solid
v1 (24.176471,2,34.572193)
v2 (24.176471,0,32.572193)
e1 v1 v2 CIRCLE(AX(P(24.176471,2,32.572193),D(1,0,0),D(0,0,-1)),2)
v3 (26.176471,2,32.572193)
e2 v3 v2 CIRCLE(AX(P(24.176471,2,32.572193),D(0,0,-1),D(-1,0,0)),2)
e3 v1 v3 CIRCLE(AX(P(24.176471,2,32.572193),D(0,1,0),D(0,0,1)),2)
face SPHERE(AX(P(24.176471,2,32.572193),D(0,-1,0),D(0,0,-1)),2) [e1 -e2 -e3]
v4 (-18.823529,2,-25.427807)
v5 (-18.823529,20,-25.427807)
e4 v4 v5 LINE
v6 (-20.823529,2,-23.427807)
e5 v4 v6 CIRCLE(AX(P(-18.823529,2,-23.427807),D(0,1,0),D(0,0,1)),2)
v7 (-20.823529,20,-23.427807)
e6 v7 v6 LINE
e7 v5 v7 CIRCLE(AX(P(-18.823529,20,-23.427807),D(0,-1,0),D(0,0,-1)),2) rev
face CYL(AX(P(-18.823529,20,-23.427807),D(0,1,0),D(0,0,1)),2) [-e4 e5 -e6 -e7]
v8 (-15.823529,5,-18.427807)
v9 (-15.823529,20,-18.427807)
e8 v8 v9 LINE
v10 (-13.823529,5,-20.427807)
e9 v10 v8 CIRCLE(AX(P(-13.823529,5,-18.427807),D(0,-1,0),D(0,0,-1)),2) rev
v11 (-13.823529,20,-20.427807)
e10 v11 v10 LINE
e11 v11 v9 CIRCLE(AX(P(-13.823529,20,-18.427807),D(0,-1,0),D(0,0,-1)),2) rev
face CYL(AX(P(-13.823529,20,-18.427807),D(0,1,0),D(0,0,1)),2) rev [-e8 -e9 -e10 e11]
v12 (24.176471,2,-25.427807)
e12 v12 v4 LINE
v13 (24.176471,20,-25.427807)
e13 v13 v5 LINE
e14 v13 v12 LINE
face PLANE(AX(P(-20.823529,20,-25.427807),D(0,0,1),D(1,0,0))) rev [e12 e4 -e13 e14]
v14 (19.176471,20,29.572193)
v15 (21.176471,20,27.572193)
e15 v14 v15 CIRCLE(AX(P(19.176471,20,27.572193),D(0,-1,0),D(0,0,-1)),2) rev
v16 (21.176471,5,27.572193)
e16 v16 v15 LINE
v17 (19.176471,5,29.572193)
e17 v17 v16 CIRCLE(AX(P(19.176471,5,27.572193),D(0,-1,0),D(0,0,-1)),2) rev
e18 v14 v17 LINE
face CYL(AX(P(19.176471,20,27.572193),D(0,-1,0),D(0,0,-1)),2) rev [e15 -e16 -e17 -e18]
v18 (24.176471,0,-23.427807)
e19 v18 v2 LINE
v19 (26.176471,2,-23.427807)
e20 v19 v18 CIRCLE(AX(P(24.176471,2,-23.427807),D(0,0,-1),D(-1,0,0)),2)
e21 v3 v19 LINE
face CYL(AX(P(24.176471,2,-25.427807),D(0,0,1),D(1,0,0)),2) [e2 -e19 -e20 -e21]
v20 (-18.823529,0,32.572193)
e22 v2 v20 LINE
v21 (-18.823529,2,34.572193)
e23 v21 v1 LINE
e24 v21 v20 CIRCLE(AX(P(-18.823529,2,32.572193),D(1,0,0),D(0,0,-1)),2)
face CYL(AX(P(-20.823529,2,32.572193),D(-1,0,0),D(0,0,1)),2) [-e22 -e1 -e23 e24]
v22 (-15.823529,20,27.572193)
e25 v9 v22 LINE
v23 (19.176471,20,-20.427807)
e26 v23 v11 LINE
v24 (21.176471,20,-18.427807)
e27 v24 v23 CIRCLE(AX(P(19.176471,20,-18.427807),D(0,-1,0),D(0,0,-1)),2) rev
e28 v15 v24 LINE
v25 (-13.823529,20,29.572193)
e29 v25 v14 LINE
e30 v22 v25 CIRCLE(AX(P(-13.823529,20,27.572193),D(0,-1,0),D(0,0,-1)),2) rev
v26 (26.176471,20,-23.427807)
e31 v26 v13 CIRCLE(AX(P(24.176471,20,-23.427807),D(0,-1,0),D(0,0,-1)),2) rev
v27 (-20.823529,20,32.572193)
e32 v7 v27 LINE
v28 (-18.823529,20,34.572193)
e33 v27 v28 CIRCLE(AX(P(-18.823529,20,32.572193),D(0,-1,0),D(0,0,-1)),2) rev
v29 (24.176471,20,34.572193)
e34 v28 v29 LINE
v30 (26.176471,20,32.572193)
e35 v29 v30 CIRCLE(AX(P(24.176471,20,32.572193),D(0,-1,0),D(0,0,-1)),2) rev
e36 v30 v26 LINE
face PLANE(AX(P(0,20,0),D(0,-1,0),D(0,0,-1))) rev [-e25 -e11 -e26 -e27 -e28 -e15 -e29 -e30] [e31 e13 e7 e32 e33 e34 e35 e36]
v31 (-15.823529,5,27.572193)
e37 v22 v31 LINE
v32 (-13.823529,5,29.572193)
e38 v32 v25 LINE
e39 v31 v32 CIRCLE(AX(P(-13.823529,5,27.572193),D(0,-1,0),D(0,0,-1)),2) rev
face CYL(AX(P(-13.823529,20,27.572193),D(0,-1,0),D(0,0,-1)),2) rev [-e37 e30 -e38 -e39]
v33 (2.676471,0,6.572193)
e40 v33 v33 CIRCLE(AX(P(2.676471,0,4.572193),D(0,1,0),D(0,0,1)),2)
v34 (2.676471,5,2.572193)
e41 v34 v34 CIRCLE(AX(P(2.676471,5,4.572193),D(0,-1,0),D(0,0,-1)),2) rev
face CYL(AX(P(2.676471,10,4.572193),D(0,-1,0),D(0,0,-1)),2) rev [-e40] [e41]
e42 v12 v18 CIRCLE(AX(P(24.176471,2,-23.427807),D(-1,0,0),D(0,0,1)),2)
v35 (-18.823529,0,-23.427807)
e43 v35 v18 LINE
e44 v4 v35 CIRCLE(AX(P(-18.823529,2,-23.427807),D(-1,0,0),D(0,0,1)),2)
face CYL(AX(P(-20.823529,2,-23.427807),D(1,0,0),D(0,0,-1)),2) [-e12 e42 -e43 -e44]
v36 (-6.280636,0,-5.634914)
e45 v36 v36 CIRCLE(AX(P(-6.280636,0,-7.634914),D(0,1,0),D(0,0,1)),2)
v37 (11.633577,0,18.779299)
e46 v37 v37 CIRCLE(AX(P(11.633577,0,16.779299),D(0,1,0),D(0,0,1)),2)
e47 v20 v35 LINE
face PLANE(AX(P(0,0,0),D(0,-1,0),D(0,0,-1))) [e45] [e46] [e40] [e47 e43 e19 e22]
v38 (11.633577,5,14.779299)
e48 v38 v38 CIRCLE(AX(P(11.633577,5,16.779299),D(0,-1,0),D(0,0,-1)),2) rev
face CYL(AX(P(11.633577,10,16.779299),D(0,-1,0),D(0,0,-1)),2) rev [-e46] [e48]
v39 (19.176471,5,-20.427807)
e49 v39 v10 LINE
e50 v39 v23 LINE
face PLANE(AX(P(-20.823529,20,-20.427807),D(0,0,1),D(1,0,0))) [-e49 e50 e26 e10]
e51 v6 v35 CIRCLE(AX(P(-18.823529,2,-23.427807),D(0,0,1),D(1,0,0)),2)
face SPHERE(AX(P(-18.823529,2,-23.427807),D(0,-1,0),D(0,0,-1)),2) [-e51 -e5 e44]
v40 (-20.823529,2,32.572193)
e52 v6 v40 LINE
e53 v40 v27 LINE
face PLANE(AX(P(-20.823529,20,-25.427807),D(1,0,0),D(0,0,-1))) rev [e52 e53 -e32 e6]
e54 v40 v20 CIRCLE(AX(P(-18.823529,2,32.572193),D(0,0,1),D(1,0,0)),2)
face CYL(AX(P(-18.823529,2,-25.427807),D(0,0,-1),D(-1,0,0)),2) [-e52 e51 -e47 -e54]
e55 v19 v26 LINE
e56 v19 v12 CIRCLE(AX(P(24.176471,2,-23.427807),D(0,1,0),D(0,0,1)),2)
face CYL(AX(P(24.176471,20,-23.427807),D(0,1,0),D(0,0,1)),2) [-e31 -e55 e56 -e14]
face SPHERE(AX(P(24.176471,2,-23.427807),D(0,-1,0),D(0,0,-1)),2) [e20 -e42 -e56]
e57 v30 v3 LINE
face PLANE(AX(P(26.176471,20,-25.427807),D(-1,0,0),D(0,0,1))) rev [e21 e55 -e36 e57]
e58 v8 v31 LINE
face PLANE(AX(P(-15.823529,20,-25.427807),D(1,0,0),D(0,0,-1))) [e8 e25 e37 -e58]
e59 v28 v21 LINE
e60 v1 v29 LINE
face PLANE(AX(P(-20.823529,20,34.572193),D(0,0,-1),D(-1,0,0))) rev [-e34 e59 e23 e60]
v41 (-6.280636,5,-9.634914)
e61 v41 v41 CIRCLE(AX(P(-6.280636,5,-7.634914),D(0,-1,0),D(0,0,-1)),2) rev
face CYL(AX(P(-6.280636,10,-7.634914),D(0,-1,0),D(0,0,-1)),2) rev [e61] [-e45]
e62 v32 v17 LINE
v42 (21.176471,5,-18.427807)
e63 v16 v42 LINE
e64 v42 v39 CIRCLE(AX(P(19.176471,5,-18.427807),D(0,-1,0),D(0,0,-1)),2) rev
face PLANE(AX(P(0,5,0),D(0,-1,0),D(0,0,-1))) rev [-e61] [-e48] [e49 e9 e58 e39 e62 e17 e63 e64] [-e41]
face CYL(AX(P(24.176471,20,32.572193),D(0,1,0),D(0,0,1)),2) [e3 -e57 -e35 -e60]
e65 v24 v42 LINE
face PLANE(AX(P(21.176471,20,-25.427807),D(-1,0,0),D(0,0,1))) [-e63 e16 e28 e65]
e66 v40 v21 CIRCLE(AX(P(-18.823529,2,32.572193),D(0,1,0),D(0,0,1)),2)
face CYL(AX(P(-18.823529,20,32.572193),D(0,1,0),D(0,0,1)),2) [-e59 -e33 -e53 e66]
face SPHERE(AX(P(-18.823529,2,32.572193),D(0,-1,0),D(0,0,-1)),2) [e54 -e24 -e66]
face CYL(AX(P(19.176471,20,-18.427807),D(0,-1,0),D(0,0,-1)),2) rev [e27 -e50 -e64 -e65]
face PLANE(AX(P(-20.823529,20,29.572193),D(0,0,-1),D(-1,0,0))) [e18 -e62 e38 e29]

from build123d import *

# Parameters (mm, degrees)
SKETCH1_W           = 47
SKETCH1_H           = 60
BOSS_EXTRUDE1_DEPTH = 20
SHELL1_T            = -5
FILLET2_R           = 2
FILLET3_R           = 2
FILLET4_R           = 2
FILLET5_R           = 2
FILLET6_R           = 2
FILLET7_R           = 2
FILLET8_R           = 2
FILLET9_R           = 2
FILLET10_R          = 2
SKETCH2_R           = 2
CUT_EXTRUDE1_DEPTH  = 10


with BuildPart() as part:
    # Sketch1 → Boss-Extrude1 (new body)
    with BuildSketch(Plane(origin=(0, 0, 0), x_dir=(1, 0, 0), z_dir=(0, 1, 0))):
        with Locations((2.676470588, -4.572192513)):
            Rectangle(SKETCH1_W, SKETCH1_H)
    extrude(amount=BOSS_EXTRUDE1_DEPTH)

    # Shell1
    shell1_openings = [part.faces().sort_by_distance(p)[0] for p in [
        (2.676470588, 20, 4.572192513),
    ]]
    offset(amount=SHELL1_T, openings=shell1_openings, kind=Kind.INTERSECTION)

    # Fillet2
    fillet2_edges = [part.edges().sort_by_distance(p)[0] for p in [
        (21.176470588, 12.5, 29.572192513),
    ]]
    fillet(fillet2_edges, radius=FILLET2_R)

    # Fillet3
    fillet3_edges = [part.edges().sort_by_distance(p)[0] for p in [
        (-15.823529412, 12.5, 29.572192513),
    ]]
    fillet(fillet3_edges, radius=FILLET3_R)

    # Fillet4
    fillet4_edges = [part.edges().sort_by_distance(p)[0] for p in [
        (-15.823529412, 12.5, -20.427807487),
    ]]
    fillet(fillet4_edges, radius=FILLET4_R)

    # Fillet5
    fillet5_edges = [part.edges().sort_by_distance(p)[0] for p in [
        (21.176470588, 12.5, -20.427807487),
    ]]
    fillet(fillet5_edges, radius=FILLET5_R)

    # Fillet6
    fillet6_edges = [part.edges().sort_by_distance(p)[0] for p in [
        (-20.823529412, 10, 34.572192513),
    ]]
    fillet(fillet6_edges, radius=FILLET6_R)

    # Fillet7
    fillet7_edges = [part.edges().sort_by_distance(p)[0] for p in [
        (26.176470588, 10, 34.572192513),
    ]]
    fillet(fillet7_edges, radius=FILLET7_R)

    # Fillet8
    fillet8_edges = [part.edges().sort_by_distance(p)[0] for p in [
        (-20.823529412, 10, -25.427807487),
    ]]
    fillet(fillet8_edges, radius=FILLET8_R)

    # Fillet9
    fillet9_edges = [part.edges().sort_by_distance(p)[0] for p in [
        (26.176470588, 10, -25.427807487),
    ]]
    fillet(fillet9_edges, radius=FILLET9_R)

    # Fillet10
    fillet10_edges = [part.edges().sort_by_distance(p)[0] for p in [
        (2.676470588, 0, 34.572192513),
        (26.176470588, 0, 4.572192513),
        (-20.823529412, 0, 4.572192513),
        (2.676470588, 0, -25.427807487),
    ]]
    fillet(fillet10_edges, radius=FILLET10_R)

    # Sketch2 → Cut-Extrude1 (cut)
    with BuildSketch(Plane(origin=(0, 0, 0), x_dir=(1, 0, 0), z_dir=(0, 1, 0))):
        with Locations((-6.280636193, 7.634914268)):
            Circle(SKETCH2_R)
        with Locations((2.676470588, -4.572192513)):
            Circle(SKETCH2_R)
        with Locations((11.633577369, -16.779299295)):
            Circle(SKETCH2_R)
    extrude(amount=CUT_EXTRUDE1_DEPTH, mode=Mode.SUBTRACT)


solid = part.part
